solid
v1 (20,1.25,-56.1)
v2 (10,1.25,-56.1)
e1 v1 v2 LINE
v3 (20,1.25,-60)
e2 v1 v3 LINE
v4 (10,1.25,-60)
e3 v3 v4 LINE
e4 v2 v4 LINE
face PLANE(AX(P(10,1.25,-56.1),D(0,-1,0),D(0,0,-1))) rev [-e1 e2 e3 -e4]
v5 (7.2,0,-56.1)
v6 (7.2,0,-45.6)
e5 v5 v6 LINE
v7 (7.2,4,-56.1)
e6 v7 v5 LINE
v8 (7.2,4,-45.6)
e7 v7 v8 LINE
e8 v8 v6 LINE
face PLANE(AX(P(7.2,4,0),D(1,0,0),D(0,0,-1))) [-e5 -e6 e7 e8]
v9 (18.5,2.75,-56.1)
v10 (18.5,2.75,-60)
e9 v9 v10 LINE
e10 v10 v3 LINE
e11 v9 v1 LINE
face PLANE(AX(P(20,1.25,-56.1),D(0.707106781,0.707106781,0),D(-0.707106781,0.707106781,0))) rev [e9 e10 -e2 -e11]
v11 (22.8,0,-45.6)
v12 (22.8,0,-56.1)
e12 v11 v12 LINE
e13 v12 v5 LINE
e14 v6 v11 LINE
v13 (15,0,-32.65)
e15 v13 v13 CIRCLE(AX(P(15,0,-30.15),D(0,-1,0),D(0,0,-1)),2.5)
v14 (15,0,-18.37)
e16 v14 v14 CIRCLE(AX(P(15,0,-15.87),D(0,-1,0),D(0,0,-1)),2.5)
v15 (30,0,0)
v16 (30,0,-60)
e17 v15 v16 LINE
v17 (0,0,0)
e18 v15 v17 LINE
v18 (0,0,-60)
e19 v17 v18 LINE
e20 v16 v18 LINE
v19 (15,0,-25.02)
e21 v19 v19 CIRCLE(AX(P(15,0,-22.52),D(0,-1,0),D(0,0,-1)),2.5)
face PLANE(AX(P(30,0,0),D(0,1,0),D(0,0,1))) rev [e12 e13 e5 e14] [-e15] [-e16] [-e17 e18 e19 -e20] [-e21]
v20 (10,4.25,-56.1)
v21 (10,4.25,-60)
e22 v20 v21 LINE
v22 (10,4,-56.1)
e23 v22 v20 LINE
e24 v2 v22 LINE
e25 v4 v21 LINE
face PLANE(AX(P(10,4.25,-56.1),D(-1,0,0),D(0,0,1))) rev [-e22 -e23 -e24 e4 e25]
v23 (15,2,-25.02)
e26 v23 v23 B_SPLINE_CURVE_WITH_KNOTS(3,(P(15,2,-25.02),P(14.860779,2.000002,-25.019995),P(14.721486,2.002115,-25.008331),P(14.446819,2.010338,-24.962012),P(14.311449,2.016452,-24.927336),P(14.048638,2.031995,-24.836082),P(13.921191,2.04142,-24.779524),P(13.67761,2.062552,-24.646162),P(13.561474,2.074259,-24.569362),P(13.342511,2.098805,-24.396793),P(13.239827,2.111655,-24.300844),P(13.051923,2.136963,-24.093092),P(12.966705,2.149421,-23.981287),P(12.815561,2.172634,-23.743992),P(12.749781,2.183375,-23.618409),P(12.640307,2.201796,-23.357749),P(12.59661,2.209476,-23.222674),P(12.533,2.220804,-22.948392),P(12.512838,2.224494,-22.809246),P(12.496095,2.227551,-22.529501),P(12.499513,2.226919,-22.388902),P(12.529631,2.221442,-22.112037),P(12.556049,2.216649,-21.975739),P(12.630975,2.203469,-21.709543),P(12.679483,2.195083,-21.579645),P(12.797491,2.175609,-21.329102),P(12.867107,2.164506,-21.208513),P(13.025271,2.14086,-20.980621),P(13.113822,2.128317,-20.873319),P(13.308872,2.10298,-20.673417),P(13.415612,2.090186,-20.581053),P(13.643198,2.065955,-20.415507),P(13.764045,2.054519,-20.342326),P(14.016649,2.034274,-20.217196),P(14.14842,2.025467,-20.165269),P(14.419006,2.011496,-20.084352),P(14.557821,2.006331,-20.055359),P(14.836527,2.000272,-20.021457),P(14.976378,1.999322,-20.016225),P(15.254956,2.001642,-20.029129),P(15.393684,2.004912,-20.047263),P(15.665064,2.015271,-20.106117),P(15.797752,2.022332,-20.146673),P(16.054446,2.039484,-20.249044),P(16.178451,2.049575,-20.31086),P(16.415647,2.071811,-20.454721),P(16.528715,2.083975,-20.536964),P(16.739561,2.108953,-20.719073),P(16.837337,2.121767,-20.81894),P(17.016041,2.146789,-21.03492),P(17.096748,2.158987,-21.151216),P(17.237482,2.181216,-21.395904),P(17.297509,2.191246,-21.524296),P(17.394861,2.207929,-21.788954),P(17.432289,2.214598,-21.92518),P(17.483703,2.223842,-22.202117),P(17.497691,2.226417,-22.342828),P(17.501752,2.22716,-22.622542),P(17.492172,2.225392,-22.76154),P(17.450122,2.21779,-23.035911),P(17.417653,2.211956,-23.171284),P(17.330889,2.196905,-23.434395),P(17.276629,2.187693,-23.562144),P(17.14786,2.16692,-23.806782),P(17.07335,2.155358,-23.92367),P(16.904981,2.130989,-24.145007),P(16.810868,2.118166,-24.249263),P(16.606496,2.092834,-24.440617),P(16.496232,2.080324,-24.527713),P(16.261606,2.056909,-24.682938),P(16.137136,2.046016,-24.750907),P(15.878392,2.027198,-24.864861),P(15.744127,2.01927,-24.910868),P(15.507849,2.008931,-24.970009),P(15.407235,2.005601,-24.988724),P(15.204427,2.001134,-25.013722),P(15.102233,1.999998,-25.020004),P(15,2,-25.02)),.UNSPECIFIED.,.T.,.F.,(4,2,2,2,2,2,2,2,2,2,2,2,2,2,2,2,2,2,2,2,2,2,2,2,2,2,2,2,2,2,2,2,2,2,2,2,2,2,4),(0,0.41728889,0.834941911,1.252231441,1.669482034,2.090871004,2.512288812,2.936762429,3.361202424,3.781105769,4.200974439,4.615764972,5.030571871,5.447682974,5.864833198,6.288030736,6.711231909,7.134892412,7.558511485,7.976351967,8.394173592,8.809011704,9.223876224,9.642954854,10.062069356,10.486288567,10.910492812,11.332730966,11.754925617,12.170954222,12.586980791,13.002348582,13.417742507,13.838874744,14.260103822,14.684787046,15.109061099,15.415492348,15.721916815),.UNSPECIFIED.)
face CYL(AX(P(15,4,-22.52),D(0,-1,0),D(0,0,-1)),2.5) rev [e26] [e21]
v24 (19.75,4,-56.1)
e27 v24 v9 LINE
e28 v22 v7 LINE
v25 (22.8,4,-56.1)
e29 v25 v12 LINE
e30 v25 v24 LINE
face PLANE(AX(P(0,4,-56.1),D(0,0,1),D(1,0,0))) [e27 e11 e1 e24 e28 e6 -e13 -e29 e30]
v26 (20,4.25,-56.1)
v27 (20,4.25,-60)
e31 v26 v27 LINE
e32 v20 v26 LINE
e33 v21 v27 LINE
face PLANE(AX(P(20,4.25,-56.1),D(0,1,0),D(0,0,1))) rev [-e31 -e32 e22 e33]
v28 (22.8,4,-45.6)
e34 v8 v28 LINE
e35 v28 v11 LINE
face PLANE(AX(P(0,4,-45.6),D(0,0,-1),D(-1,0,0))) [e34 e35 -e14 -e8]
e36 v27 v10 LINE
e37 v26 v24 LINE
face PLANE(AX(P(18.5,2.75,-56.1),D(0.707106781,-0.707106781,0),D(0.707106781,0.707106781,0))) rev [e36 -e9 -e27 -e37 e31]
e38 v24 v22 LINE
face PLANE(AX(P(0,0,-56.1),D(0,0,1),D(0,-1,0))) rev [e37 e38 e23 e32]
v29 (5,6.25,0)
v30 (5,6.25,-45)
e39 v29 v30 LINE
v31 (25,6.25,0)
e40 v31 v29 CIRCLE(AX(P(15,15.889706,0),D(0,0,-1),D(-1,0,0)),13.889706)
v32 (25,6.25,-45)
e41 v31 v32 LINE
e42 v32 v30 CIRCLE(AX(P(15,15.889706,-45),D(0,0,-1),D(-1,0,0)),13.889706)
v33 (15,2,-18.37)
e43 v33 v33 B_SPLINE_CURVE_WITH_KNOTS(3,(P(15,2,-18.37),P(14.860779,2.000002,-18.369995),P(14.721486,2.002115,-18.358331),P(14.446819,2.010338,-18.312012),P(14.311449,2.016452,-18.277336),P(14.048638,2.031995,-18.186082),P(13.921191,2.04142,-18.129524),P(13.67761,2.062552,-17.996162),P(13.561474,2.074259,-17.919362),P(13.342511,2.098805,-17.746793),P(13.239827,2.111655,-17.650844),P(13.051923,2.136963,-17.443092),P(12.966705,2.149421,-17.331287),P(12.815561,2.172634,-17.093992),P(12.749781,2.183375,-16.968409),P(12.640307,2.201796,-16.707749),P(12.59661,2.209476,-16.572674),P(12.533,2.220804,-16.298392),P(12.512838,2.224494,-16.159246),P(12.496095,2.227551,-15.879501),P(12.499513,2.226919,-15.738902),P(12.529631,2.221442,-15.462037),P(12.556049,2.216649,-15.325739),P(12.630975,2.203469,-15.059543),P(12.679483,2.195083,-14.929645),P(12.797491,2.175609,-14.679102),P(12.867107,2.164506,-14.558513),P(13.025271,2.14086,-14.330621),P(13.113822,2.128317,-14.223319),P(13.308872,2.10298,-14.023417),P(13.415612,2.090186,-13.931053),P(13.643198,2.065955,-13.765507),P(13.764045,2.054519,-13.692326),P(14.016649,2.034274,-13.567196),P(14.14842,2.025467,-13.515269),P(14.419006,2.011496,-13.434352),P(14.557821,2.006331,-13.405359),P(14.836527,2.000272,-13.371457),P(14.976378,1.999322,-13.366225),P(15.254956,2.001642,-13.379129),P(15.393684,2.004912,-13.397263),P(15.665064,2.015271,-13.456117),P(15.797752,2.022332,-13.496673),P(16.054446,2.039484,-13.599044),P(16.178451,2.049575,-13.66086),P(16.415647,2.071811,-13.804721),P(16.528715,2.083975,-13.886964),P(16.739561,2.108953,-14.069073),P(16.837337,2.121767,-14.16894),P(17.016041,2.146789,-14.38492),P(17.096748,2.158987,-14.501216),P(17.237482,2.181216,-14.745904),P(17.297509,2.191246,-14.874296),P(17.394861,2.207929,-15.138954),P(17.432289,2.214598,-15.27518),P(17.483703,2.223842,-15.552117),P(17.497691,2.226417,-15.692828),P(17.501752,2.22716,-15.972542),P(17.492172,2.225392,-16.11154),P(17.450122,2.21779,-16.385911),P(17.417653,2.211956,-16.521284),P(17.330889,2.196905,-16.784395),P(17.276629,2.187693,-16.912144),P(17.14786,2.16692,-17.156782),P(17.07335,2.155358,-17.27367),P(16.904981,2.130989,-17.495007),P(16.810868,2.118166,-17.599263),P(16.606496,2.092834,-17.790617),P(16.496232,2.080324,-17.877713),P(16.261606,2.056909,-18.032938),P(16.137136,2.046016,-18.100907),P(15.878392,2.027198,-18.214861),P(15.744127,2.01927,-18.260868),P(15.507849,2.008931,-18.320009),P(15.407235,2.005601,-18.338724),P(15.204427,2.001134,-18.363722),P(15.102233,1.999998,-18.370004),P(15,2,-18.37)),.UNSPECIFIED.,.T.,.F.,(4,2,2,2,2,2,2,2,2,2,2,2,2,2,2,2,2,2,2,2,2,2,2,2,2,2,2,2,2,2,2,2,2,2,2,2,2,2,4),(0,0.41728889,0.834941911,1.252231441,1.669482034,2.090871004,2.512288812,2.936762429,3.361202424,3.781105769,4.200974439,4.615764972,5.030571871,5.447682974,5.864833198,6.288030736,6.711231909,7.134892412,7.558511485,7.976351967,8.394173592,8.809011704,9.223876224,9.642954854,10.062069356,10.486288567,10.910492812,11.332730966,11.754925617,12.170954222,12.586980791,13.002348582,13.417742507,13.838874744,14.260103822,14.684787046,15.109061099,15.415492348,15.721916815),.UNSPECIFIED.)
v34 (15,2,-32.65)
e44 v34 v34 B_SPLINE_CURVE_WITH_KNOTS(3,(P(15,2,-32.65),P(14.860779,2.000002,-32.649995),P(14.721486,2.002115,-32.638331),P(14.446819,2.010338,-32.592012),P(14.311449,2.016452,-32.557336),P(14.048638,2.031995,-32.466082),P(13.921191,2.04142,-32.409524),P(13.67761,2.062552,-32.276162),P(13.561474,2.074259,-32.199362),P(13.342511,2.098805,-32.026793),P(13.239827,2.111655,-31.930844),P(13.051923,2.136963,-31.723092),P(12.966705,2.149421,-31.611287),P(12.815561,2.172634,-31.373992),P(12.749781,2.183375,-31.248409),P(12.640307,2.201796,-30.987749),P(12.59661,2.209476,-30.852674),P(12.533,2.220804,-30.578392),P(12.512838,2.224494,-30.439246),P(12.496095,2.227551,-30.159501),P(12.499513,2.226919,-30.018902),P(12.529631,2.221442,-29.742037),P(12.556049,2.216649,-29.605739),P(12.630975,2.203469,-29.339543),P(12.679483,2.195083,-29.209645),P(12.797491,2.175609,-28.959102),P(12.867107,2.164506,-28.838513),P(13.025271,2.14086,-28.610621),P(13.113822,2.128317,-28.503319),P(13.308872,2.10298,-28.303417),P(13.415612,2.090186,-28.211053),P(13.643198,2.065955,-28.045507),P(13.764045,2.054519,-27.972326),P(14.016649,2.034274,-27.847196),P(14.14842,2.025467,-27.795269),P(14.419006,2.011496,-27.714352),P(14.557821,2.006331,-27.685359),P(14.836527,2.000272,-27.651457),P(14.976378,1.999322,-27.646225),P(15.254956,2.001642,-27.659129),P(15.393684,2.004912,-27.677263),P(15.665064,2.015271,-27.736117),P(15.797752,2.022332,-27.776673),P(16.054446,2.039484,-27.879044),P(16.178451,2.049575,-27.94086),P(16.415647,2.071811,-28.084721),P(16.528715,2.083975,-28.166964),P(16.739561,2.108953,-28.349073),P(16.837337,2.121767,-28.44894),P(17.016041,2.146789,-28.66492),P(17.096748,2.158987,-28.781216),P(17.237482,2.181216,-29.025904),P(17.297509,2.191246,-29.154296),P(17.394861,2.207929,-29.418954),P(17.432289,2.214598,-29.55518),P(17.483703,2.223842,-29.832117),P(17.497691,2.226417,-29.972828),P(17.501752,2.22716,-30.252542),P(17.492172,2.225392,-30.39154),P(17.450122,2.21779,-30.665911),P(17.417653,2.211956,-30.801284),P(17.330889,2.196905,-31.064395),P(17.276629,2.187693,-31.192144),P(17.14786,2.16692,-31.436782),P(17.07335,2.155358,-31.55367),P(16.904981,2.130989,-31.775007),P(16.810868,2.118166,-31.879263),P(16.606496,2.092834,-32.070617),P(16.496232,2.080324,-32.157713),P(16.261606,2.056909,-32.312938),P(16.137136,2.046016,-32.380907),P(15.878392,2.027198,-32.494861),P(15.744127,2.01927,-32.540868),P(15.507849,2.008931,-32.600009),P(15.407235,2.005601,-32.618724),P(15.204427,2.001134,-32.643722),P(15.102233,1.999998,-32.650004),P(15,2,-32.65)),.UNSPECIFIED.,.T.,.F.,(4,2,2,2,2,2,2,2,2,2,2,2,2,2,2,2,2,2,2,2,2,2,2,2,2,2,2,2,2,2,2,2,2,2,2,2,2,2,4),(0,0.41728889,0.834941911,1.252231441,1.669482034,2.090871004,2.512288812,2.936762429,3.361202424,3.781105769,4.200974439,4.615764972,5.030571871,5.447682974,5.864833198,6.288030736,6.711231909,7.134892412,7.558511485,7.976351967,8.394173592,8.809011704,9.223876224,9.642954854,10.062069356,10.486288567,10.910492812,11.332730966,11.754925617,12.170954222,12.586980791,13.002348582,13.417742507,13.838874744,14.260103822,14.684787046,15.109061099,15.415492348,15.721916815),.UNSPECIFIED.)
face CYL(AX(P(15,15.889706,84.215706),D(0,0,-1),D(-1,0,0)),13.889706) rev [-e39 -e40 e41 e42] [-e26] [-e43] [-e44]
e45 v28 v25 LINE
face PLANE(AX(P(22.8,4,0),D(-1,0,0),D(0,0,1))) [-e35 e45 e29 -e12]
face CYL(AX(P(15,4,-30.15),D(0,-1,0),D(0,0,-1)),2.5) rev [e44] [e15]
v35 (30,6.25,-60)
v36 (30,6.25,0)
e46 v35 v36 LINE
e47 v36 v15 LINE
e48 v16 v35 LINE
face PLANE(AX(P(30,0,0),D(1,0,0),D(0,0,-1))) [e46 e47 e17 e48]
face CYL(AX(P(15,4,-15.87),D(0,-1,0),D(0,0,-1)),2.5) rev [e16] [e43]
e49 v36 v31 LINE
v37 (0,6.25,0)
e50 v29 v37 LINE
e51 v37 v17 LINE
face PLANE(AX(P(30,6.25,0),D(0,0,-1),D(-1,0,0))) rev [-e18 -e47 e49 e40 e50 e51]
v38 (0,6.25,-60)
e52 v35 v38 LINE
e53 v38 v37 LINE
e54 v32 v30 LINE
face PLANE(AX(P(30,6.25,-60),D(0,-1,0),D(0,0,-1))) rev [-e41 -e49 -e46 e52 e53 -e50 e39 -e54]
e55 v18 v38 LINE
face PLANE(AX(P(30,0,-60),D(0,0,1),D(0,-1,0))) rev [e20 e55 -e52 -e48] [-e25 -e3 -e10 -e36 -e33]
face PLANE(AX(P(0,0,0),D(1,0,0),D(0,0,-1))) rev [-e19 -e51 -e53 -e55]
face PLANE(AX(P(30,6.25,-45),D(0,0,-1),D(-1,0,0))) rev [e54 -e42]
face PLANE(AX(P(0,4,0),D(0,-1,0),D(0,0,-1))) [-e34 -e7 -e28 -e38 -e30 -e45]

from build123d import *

# Parameters (mm, degrees)
SKETCH1_W               = 60
SKETCH1_H               = 6.25
BOSS_EXTRUDE1_DEPTH     = 30
CUT_EXTRUDE1_DEPTH      = 68.372564891
CUT_EXTRUDE1_DEPTH_BACK = 45
SKETCH4_R               = 2.5
SKETCH4_W               = 15.6
SKETCH4_H               = 10.5
CUT_EXTRUDE2_DEPTH      = 4
CUT_EXTRUDE3_DEPTH      = 3.9


with BuildPart() as part:
    # Sketch1 → Boss-Extrude1 (new body)
    with BuildSketch(Plane(origin=(0, 0, 0), x_dir=(0, 0, -1), z_dir=(1, 0, 0))):
        with Locations((30, 3.125)):
            Rectangle(SKETCH1_W, SKETCH1_H)
    extrude(amount=BOSS_EXTRUDE1_DEPTH)

    # Sketch2 → Cut-Extrude1 (cut, two sides: drawn at the far end of the back side and taken through both)
    with BuildSketch(Plane.XY.offset(-CUT_EXTRUDE1_DEPTH_BACK)):
        with BuildLine():
            Line((5, 6.25), (25, 6.25))
            ThreePointArc((25, 6.25), (15, 2), (5, 6.25))
        make_face()
    extrude(amount=CUT_EXTRUDE1_DEPTH + CUT_EXTRUDE1_DEPTH_BACK, mode=Mode.SUBTRACT)

    # Sketch4 → Cut-Extrude2 (cut)
    with BuildSketch(Plane.XZ):
        with Locations(Location((15, -15.87, 0), (0, 0, 270))):
            Circle(SKETCH4_R)
        with Locations(Location((15, -22.52, 0), (0, 0, 270))):
            Circle(SKETCH4_R)
        with Locations(Location((15, -30.15, 0), (0, 0, 270))):
            Circle(SKETCH4_R)
        with Locations((15, -50.85)):
            Rectangle(SKETCH4_W, SKETCH4_H)
    extrude(amount=-CUT_EXTRUDE2_DEPTH, mode=Mode.SUBTRACT)

    # Sketch5 → Cut-Extrude3 (cut)
    with BuildSketch(Plane(origin=(0, 0, -60), x_dir=(-1, 0, 0), z_dir=(0, 0, -1))):
        Polygon((-10, 1.25), (-20, 1.25), (-18.5, 2.75), (-20, 4.25), (-10, 4.25), align=None)
    extrude(amount=-CUT_EXTRUDE3_DEPTH, mode=Mode.SUBTRACT)


solid = part.part
